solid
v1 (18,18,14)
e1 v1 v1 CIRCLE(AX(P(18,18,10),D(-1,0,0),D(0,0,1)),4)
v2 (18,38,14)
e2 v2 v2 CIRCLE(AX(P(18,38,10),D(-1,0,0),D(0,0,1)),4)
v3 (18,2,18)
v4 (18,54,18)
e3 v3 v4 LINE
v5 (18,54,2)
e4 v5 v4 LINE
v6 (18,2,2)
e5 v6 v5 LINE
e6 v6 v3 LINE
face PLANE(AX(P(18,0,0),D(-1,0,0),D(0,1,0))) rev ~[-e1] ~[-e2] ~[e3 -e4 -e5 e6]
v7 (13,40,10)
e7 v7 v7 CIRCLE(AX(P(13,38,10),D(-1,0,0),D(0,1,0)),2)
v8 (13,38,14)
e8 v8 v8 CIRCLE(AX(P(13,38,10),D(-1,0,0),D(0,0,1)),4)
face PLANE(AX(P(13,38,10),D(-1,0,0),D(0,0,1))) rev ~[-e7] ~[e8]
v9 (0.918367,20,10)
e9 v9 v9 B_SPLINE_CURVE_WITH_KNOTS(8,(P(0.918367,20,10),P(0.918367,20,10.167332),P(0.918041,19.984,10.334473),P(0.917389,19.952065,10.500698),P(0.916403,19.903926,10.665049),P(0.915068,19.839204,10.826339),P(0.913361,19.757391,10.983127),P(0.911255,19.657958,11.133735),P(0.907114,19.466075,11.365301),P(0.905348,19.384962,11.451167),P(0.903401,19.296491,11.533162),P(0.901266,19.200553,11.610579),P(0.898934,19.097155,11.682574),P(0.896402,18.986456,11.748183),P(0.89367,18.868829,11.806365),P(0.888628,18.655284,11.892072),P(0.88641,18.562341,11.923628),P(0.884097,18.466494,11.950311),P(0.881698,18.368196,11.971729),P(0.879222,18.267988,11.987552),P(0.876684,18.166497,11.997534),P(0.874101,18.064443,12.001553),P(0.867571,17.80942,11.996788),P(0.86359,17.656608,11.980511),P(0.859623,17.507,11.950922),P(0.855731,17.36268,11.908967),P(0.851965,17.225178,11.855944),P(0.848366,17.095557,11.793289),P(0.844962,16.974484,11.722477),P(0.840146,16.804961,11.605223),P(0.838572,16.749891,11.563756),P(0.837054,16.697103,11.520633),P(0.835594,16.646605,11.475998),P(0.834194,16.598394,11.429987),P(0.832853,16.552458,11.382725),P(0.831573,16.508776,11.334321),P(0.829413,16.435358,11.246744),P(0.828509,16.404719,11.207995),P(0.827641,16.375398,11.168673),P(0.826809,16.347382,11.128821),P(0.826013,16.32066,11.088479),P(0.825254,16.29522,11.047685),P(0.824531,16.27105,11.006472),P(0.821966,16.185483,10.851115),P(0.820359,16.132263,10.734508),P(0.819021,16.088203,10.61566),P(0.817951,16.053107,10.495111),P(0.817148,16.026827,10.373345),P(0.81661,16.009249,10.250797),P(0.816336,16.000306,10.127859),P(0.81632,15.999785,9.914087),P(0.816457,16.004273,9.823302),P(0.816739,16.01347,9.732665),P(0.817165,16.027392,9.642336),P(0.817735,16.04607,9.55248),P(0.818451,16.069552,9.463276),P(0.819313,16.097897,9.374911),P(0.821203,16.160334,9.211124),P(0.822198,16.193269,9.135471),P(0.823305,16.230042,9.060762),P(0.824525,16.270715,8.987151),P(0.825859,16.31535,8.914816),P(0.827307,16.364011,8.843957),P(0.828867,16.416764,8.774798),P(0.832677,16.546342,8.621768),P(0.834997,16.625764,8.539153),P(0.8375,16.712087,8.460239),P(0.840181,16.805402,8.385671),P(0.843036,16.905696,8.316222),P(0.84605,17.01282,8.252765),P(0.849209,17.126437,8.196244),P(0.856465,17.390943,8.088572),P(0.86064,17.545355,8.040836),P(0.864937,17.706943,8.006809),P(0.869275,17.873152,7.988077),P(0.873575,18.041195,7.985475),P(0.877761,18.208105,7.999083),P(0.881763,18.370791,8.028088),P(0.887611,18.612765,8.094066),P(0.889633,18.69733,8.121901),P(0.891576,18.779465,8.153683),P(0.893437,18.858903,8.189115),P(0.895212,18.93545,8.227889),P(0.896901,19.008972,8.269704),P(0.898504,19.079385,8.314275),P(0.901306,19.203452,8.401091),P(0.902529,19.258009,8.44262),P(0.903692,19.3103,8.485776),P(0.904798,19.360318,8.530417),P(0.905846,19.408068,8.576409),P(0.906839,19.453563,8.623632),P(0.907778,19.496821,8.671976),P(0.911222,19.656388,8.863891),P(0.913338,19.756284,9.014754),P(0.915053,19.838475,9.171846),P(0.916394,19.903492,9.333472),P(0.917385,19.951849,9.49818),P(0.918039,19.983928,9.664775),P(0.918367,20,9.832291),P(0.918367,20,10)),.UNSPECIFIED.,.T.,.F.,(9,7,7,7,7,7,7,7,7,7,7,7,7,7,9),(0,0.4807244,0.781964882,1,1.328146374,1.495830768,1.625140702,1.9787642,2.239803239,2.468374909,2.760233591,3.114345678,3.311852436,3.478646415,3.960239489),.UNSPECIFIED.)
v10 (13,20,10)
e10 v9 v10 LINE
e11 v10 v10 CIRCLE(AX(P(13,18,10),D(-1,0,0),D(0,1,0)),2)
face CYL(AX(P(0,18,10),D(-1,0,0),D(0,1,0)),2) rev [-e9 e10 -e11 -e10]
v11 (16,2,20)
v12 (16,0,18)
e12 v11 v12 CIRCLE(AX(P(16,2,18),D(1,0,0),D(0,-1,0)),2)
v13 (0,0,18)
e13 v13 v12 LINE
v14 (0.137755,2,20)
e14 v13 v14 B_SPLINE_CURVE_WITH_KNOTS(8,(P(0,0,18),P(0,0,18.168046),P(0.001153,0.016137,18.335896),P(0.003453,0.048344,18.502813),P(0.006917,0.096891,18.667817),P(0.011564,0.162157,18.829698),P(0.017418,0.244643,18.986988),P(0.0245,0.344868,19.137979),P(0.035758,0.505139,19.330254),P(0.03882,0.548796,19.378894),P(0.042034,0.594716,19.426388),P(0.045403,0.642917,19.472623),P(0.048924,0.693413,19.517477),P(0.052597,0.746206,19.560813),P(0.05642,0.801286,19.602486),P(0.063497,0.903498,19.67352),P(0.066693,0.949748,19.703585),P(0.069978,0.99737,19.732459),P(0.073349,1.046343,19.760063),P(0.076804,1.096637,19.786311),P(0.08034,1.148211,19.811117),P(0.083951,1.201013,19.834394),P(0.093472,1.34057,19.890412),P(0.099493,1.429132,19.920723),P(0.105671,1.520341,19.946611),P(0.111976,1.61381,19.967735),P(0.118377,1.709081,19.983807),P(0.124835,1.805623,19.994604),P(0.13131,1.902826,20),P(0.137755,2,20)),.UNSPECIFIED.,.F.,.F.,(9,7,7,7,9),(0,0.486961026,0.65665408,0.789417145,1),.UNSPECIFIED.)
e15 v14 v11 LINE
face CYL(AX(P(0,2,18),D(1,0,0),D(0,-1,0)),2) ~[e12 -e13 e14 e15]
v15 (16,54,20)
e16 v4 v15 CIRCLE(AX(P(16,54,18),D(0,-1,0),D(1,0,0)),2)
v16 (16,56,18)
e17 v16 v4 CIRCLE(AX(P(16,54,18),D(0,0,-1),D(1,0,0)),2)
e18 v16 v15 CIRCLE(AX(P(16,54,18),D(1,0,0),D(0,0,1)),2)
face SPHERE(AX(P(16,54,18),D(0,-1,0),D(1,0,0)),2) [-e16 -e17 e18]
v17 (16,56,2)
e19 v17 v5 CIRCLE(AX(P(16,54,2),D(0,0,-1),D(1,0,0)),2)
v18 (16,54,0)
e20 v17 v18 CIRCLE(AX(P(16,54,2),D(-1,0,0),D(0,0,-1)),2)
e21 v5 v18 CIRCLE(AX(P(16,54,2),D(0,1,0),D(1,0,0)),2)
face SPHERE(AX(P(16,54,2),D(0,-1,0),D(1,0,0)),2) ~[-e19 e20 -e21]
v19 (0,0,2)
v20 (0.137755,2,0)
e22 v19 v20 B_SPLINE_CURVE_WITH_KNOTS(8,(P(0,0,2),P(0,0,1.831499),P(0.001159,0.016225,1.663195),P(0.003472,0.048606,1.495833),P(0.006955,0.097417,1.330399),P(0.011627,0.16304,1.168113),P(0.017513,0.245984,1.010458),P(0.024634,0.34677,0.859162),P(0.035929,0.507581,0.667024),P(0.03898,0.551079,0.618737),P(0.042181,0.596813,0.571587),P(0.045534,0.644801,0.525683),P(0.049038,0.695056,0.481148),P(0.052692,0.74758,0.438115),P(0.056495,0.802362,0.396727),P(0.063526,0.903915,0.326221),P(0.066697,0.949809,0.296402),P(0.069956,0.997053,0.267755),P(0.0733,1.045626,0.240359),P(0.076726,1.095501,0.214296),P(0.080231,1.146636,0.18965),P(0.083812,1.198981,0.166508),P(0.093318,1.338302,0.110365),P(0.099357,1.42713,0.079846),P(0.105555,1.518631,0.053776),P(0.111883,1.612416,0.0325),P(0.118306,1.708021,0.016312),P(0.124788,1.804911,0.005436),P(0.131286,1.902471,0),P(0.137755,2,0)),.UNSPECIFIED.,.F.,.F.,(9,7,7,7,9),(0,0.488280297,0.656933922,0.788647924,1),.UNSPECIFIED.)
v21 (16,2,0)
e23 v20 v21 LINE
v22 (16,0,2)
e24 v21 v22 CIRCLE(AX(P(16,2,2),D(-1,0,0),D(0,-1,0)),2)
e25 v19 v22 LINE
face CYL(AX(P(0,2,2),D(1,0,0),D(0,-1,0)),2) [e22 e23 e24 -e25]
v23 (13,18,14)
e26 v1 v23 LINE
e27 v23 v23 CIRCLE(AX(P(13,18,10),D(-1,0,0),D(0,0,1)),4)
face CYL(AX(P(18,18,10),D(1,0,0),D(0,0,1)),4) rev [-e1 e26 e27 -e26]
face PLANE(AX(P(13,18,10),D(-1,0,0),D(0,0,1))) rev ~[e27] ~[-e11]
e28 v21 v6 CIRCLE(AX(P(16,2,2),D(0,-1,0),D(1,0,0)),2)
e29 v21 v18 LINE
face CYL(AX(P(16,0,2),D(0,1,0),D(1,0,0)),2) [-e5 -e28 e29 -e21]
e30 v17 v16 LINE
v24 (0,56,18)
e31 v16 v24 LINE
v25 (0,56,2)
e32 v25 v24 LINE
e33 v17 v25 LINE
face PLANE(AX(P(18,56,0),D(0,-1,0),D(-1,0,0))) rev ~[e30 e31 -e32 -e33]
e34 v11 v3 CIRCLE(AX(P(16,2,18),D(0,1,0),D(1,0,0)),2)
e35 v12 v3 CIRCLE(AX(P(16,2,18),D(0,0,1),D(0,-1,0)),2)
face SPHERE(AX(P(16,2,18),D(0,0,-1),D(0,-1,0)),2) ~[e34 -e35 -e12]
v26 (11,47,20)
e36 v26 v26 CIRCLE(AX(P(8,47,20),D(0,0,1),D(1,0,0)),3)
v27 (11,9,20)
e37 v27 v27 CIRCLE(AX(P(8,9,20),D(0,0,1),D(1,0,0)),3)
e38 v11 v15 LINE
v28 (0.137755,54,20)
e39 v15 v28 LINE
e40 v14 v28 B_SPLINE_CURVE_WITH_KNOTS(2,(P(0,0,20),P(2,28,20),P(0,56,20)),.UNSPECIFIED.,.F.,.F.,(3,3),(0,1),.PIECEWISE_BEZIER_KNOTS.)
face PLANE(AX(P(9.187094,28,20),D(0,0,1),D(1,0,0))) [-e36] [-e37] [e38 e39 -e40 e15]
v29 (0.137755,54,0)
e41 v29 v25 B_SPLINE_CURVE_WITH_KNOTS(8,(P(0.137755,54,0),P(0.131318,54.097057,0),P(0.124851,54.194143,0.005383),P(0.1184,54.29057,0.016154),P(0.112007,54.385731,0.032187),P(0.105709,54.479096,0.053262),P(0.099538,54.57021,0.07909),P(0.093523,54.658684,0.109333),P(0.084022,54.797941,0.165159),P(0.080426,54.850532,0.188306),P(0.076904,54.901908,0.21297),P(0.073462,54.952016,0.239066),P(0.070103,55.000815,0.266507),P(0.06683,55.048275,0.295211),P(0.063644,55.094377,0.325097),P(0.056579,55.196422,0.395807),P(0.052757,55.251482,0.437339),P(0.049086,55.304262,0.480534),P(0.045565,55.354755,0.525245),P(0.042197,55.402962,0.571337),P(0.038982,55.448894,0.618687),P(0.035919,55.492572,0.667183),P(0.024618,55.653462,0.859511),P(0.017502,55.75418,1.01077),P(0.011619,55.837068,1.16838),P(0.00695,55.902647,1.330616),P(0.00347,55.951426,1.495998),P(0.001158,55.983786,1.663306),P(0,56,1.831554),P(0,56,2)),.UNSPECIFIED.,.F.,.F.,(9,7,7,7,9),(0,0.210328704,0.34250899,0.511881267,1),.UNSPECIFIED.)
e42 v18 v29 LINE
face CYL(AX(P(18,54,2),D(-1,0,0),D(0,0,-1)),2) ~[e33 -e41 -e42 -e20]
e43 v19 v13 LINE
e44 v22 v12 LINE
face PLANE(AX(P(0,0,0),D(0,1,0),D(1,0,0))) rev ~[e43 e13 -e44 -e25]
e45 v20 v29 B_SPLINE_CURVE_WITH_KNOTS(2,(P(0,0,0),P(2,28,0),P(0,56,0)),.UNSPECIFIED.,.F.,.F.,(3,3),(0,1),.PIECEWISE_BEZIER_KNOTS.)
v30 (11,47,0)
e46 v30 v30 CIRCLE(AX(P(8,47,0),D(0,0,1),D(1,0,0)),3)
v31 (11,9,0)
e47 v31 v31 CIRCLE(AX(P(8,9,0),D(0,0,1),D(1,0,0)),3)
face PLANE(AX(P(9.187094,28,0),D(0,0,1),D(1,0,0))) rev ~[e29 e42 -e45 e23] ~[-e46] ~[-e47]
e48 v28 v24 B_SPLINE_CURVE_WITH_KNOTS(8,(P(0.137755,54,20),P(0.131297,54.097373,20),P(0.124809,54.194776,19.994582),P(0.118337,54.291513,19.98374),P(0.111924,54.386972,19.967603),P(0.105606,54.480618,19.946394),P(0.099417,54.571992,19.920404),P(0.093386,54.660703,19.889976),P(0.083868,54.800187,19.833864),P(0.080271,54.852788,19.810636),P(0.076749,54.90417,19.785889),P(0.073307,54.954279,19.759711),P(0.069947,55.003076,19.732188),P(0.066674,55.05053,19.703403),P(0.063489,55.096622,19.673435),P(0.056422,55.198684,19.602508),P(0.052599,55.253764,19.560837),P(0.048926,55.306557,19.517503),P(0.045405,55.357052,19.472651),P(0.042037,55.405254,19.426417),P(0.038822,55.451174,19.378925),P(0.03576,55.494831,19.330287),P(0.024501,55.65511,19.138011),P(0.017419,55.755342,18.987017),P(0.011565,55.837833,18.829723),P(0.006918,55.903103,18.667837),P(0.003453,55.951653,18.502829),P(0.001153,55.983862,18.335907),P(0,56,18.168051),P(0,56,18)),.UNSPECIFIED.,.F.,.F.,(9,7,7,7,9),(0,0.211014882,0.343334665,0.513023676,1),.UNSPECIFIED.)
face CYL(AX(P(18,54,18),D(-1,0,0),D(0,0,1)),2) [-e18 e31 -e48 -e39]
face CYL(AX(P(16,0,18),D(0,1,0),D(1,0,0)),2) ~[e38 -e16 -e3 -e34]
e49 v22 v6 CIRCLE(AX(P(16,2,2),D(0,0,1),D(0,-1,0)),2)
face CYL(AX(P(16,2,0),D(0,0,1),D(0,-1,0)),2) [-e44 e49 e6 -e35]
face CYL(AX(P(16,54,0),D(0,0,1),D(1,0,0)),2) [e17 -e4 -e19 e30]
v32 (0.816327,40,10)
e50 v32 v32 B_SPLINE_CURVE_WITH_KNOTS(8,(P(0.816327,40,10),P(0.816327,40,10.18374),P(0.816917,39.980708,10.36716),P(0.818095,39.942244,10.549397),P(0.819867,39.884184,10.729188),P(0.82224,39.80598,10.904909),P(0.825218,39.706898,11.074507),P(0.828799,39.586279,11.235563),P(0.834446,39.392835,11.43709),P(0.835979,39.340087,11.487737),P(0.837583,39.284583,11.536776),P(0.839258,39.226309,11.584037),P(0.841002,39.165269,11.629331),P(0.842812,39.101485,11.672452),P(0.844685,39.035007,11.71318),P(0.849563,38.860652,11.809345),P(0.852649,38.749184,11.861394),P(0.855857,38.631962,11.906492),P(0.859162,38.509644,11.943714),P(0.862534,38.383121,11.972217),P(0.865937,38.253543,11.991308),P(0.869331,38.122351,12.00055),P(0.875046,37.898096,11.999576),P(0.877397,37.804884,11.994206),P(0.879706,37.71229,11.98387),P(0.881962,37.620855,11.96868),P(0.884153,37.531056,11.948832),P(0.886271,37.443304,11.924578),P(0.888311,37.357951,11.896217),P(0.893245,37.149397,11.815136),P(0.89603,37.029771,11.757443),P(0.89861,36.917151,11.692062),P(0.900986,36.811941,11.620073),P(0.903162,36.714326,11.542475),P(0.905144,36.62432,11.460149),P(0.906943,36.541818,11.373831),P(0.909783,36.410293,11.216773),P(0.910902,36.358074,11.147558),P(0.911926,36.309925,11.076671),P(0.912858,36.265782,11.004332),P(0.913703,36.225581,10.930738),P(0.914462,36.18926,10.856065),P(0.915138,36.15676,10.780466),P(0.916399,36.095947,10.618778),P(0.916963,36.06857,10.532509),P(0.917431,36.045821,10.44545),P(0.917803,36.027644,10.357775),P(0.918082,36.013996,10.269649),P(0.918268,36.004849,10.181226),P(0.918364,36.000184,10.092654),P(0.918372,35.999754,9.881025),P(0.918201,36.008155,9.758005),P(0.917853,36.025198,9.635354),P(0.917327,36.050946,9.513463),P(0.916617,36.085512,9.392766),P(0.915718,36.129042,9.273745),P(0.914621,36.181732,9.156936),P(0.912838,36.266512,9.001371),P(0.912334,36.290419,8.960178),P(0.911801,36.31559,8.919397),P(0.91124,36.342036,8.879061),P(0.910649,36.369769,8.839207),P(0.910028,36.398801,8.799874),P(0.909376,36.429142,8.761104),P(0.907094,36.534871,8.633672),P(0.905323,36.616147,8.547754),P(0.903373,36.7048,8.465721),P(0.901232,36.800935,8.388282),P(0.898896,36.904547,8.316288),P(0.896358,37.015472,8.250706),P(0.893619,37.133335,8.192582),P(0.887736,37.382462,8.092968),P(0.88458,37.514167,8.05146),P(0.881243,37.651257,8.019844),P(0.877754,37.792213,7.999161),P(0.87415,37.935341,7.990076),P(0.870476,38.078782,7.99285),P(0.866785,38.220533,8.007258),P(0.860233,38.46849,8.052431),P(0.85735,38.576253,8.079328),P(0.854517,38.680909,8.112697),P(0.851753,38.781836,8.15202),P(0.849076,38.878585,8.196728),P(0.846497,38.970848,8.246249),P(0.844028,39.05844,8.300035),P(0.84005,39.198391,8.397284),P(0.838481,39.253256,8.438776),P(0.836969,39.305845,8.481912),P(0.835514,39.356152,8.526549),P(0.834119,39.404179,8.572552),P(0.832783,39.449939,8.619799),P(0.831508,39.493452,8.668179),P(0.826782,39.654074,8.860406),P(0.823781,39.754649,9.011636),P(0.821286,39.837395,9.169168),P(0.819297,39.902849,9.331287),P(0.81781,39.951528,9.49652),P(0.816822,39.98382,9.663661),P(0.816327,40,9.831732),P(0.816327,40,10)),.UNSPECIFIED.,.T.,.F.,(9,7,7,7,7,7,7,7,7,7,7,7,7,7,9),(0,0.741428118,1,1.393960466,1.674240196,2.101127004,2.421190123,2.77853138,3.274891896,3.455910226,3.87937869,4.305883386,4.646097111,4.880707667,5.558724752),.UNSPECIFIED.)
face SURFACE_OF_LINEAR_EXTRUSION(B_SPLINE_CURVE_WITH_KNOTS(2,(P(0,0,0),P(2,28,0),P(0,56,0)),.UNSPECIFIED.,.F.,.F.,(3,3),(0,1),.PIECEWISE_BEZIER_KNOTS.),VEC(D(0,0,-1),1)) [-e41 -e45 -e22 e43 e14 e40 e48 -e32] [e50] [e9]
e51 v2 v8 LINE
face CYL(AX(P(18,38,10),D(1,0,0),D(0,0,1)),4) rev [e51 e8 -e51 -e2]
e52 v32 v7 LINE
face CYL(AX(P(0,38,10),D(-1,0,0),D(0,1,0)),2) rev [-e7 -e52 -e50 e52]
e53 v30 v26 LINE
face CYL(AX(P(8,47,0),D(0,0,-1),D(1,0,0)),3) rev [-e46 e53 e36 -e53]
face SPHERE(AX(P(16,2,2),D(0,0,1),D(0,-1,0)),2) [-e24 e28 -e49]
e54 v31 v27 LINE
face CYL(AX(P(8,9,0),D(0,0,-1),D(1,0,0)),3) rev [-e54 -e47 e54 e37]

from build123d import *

# Parameters (mm, degrees)
CYLINDER001_R     = 4
CYLINDER001_DEPTH = 5
CYLINDER_R        = 4
CYLINDER_DEPTH    = 5
SKETCH002_R       = 2
PAD002_DEPTH      = 18
SKETCH001_R       = 2
PAD001_DEPTH      = 18
SKETCH_R          = 3
PAD_DEPTH         = 20
FILLET_R          = 2


with BuildPart() as cylinder001:
    # Cylinder001 → Cylinder001 (new body)
    with BuildSketch(Plane(origin=(18, 38, 10), x_dir=(0, 0, 1), z_dir=(-1, 0, 0))):
        Circle(CYLINDER001_R)
    extrude(amount=CYLINDER001_DEPTH)


with BuildPart() as cylinder:
    # Cylinder → Cylinder (new body)
    with BuildSketch(Plane(origin=(18, 18, 10), x_dir=(0, 0, 1), z_dir=(-1, 0, 0))):
        Circle(CYLINDER_R)
    extrude(amount=CYLINDER_DEPTH)


with BuildPart() as body002:
    # Sketch002 → Pad002 (new body)
    with BuildSketch(Plane.YZ):
        with Locations((18, 10)):
            Circle(SKETCH002_R)
    extrude(amount=PAD002_DEPTH)


with BuildPart() as body002_1:
    # Body002 placement: moved
    add(body002.part.moved(Location((0, 20, 0))))


with BuildPart() as body001:
    # Sketch001 → Pad001 (new body)
    with BuildSketch(Plane.YZ):
        with Locations((18, 10)):
            Circle(SKETCH001_R)
    extrude(amount=PAD001_DEPTH)


with BuildPart() as fillet_body:
    # Sketch → Pad (new body)
    with BuildSketch(Plane.XY):
        with BuildLine():
            Line((0, 0), (18, 0))
            Line((18, 0), (18, 56))
            Line((18, 56), (0, 56))
            add(Edge.make_bspline(
                [(0, 0), (2, 28), (0, 56)],
                knots=[0, 0, 0, 1, 1, 1], degree=2))
        make_face()
        with Locations((8, 47)):
            Circle(SKETCH_R, mode=Mode.SUBTRACT)
        with Locations((8, 9)):
            Circle(SKETCH_R, mode=Mode.SUBTRACT)
    extrude(amount=PAD_DEPTH)

    # Boolean: cut Body002, Body001
    add(body002_1.part, mode=Mode.SUBTRACT)
    add(body001.part, mode=Mode.SUBTRACT)

    # Cut: cut Cylinder
    add(cylinder.part, mode=Mode.SUBTRACT)

    # Cut001: cut Cylinder001
    add(cylinder001.part, mode=Mode.SUBTRACT)

    # Fillet
    fillet_edges = [fillet_body.edges().sort_by_distance(p)[0] for p in [
        (18, 0, 10),
        (9, 0, 0),
        (9, 0, 20),
        (18, 28, 0),
        (18, 28, 20),
        (18, 56, 10),
        (9, 56, 0),
        (9, 56, 20),
    ]]
    fillet(fillet_edges, radius=FILLET_R)


solid = fillet_body.part
